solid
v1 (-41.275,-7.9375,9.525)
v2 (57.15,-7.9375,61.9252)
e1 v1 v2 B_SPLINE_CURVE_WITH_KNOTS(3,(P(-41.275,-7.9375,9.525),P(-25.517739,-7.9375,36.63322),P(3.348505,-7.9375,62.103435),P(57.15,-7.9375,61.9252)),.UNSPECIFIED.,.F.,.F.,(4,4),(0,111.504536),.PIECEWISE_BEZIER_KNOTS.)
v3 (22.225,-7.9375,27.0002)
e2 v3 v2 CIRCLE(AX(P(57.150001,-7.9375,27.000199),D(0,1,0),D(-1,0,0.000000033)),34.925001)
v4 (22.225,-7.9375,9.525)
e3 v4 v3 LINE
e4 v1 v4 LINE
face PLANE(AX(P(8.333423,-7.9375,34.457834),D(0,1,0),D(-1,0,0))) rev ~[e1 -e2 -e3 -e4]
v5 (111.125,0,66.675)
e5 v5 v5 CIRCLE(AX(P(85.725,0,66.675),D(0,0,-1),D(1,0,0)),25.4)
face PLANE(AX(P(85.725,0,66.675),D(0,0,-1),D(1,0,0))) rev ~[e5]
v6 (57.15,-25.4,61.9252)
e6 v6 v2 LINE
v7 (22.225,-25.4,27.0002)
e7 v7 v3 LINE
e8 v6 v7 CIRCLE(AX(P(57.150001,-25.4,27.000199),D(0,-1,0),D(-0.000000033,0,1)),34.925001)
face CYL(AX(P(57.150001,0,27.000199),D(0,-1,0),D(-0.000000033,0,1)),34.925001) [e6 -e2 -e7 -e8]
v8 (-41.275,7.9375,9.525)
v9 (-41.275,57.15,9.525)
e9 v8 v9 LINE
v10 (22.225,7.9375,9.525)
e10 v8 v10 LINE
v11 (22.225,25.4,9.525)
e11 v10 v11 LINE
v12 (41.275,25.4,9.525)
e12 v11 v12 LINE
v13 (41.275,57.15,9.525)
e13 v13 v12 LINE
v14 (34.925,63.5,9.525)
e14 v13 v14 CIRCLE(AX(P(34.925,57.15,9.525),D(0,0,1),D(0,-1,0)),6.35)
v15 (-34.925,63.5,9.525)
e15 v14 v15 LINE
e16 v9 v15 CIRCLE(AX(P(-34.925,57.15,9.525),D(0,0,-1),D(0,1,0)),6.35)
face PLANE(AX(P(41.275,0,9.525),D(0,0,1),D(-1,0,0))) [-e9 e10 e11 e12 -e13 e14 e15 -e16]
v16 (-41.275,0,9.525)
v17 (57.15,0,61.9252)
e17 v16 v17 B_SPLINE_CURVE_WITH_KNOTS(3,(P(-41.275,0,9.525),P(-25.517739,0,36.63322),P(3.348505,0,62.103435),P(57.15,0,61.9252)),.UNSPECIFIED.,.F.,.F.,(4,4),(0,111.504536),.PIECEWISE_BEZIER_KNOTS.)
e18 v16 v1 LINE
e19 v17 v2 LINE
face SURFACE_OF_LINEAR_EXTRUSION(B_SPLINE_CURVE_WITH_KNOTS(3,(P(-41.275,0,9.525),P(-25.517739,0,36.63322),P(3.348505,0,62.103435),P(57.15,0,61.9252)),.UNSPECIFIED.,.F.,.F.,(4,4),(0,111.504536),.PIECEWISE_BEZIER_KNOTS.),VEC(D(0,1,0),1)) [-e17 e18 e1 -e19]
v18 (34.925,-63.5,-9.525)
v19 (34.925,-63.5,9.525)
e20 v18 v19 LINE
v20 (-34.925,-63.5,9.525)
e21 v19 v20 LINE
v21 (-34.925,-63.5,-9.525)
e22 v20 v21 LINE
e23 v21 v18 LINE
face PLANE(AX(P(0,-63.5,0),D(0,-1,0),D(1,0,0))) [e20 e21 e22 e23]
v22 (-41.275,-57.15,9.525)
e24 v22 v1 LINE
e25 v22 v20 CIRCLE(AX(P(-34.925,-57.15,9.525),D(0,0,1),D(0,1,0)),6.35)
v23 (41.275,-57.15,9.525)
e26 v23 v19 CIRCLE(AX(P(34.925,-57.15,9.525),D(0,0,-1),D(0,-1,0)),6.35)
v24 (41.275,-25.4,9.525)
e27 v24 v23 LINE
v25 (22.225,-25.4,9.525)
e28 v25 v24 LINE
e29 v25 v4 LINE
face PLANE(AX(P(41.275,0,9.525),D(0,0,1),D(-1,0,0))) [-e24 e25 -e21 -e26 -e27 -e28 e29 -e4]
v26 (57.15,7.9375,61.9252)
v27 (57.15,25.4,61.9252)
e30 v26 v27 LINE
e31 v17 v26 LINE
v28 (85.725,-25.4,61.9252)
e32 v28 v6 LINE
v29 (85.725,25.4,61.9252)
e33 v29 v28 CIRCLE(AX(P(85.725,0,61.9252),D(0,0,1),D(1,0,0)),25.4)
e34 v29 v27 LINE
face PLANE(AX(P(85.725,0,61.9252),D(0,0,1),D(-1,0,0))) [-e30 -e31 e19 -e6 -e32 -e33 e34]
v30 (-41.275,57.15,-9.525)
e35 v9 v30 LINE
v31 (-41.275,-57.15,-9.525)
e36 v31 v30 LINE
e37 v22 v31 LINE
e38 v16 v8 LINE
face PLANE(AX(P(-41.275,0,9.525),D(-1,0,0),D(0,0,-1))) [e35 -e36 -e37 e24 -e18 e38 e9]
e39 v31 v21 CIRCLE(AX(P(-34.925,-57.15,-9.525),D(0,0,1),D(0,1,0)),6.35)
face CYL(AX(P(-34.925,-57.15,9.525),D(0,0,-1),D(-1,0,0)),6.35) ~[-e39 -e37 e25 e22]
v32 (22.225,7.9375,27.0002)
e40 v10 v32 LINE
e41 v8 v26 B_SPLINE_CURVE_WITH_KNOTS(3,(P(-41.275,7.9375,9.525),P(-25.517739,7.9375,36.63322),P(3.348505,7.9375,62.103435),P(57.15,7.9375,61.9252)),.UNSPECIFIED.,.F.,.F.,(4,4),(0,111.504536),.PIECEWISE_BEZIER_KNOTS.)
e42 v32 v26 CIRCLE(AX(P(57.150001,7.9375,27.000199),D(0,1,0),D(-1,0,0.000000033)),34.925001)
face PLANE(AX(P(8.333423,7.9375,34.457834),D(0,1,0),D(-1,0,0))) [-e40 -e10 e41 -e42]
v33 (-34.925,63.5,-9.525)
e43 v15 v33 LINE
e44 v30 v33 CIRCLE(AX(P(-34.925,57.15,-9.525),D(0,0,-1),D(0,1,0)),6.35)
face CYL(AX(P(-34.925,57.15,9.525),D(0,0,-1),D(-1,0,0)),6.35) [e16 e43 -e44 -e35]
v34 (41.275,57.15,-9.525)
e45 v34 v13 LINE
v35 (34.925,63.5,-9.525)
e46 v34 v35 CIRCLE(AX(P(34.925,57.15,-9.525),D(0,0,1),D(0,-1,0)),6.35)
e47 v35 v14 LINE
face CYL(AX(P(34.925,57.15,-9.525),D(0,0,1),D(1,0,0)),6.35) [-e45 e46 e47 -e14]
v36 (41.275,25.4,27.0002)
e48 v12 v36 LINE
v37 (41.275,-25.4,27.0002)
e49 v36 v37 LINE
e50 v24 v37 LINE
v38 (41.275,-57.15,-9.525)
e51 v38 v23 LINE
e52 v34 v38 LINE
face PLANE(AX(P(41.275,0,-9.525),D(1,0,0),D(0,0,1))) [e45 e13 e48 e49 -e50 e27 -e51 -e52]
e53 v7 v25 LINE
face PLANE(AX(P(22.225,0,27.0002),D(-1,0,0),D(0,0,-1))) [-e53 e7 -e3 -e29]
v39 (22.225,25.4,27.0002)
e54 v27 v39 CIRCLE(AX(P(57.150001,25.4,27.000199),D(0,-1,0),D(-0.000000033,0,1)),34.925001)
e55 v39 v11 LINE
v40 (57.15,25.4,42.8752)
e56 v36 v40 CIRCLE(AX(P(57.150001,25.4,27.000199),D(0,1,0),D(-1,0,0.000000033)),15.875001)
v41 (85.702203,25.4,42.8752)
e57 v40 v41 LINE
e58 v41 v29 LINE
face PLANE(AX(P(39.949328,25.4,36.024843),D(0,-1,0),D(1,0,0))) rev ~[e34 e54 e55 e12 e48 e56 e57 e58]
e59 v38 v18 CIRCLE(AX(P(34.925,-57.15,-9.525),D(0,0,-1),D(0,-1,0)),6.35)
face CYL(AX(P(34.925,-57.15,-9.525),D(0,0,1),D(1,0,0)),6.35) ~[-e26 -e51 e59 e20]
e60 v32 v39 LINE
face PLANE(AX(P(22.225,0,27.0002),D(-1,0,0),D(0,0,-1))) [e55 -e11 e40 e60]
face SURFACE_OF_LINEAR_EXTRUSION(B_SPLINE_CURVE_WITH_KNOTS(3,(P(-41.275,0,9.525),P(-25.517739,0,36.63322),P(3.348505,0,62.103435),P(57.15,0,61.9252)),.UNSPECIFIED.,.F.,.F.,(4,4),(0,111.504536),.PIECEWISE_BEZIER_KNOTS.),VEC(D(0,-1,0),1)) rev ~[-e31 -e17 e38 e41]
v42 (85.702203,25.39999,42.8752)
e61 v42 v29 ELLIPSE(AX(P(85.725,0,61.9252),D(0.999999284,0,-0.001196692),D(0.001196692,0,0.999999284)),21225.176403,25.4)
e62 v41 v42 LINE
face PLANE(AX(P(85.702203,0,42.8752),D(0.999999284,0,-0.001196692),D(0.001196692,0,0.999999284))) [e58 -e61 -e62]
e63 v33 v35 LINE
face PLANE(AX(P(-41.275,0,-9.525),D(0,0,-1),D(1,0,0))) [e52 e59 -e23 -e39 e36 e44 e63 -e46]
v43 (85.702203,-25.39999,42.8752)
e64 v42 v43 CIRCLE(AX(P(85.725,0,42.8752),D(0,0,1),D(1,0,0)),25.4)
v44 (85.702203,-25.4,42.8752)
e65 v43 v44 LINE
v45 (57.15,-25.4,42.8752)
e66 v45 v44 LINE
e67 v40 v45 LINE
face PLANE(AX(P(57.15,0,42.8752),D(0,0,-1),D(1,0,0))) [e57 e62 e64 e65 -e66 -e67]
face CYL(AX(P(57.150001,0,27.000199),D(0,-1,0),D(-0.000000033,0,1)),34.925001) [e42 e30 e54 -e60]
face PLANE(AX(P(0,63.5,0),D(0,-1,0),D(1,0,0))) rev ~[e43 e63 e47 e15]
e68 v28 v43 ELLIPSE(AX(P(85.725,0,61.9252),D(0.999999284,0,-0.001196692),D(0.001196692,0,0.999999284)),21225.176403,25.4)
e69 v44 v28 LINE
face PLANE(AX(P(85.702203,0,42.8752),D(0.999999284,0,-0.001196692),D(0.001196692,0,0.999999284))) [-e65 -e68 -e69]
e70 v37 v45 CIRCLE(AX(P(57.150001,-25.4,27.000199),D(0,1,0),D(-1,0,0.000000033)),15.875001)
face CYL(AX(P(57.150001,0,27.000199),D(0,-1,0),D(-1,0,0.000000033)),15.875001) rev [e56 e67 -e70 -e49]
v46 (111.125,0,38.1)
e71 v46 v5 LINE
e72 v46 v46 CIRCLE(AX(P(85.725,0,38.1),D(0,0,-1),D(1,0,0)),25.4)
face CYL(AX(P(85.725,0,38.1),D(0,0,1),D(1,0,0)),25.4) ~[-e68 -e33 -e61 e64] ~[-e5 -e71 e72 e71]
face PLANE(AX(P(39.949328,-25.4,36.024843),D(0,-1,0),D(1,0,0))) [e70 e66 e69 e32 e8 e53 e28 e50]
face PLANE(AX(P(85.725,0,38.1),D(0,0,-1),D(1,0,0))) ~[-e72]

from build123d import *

# Parameters (mm, degrees)
F1_DEPTH = 63.5
F2_DEPTH = 25.4
F3_DEPTH = 7.9375
F5_R     = 6.35


with BuildPart() as f1:
    # F0 (on Front) → F1 (new body, symmetric)
    with BuildSketch(Plane.XZ):
        Polygon((-41.275, -9.525), (41.275, -9.525), (41.275, 9.525), (22.225, 9.525), (-41.275, 9.525), align=None)
    extrude(amount=F1_DEPTH, both=True)

    # F0 (on Front) → F2 (join, symmetric)
    with BuildSketch(Plane.XZ):
        with BuildLine():
            Line((22.225, 9.525), (41.275, 9.525))
            Line((41.275, 9.525), (41.275, 27.0002))
            ThreePointArc((41.275, 27.0002), (45.92468, 38.22552), (57.15, 42.8752))
            Line((57.15, 42.8752), (60.325, 42.8752))
            Line((60.325, 42.8752), (60.325, 61.9252))
            Line((60.325, 61.9252), (57.15, 61.9252))
            ThreePointArc((57.15, 61.9252), (32.454296, 51.695904), (22.225, 27.0002))
            Line((22.225, 27.0002), (22.225, 9.525))
        make_face()
        Polygon((85.725, 61.9252), (60.325, 61.9252), (60.325, 42.8752), (85.702203, 42.8752), align=None)
    extrude(amount=F2_DEPTH, both=True)

    # F0 (on Front) → F3 (join, symmetric)
    with BuildSketch(Plane.XZ):
        with BuildLine():
            add(Edge.make_bspline(
                [(-41.275, 9.525), (-25.517739, 36.63322), (3.348505, 62.103435), (57.15, 61.9252)],
                knots=[0, 0, 0, 0, 111.504536, 111.504536, 111.504536, 111.504536], degree=3))
            Line((-41.275, 9.525), (22.225, 9.525))
            Line((22.225, 9.525), (22.225, 27.0002))
            ThreePointArc((22.225, 27.0002), (32.454296, 51.695904), (57.15, 61.9252))
        make_face()
    extrude(amount=F3_DEPTH, both=True)

    # F0 (on Front) → F4 (revolve)
    with BuildSketch(Plane.XZ):
        Polygon((85.725, 66.675), (85.725, 61.9252), (85.725, 38.1), (111.125, 38.1), (111.125, 66.675), align=None)
    revolve(axis=Axis((85.725, 0, 52.3875), (0, 0, -1)))

    # F5
    f5_edges = [f1.edges().sort_by_distance(p)[0] for p in [
        (41.275, -63.5, 0),
        (41.275, 63.5, 0),
        (-41.275, -63.5, 0),
        (-41.275, 63.5, 0),
    ]]
    fillet(f5_edges, radius=F5_R)


solid = f1.part
